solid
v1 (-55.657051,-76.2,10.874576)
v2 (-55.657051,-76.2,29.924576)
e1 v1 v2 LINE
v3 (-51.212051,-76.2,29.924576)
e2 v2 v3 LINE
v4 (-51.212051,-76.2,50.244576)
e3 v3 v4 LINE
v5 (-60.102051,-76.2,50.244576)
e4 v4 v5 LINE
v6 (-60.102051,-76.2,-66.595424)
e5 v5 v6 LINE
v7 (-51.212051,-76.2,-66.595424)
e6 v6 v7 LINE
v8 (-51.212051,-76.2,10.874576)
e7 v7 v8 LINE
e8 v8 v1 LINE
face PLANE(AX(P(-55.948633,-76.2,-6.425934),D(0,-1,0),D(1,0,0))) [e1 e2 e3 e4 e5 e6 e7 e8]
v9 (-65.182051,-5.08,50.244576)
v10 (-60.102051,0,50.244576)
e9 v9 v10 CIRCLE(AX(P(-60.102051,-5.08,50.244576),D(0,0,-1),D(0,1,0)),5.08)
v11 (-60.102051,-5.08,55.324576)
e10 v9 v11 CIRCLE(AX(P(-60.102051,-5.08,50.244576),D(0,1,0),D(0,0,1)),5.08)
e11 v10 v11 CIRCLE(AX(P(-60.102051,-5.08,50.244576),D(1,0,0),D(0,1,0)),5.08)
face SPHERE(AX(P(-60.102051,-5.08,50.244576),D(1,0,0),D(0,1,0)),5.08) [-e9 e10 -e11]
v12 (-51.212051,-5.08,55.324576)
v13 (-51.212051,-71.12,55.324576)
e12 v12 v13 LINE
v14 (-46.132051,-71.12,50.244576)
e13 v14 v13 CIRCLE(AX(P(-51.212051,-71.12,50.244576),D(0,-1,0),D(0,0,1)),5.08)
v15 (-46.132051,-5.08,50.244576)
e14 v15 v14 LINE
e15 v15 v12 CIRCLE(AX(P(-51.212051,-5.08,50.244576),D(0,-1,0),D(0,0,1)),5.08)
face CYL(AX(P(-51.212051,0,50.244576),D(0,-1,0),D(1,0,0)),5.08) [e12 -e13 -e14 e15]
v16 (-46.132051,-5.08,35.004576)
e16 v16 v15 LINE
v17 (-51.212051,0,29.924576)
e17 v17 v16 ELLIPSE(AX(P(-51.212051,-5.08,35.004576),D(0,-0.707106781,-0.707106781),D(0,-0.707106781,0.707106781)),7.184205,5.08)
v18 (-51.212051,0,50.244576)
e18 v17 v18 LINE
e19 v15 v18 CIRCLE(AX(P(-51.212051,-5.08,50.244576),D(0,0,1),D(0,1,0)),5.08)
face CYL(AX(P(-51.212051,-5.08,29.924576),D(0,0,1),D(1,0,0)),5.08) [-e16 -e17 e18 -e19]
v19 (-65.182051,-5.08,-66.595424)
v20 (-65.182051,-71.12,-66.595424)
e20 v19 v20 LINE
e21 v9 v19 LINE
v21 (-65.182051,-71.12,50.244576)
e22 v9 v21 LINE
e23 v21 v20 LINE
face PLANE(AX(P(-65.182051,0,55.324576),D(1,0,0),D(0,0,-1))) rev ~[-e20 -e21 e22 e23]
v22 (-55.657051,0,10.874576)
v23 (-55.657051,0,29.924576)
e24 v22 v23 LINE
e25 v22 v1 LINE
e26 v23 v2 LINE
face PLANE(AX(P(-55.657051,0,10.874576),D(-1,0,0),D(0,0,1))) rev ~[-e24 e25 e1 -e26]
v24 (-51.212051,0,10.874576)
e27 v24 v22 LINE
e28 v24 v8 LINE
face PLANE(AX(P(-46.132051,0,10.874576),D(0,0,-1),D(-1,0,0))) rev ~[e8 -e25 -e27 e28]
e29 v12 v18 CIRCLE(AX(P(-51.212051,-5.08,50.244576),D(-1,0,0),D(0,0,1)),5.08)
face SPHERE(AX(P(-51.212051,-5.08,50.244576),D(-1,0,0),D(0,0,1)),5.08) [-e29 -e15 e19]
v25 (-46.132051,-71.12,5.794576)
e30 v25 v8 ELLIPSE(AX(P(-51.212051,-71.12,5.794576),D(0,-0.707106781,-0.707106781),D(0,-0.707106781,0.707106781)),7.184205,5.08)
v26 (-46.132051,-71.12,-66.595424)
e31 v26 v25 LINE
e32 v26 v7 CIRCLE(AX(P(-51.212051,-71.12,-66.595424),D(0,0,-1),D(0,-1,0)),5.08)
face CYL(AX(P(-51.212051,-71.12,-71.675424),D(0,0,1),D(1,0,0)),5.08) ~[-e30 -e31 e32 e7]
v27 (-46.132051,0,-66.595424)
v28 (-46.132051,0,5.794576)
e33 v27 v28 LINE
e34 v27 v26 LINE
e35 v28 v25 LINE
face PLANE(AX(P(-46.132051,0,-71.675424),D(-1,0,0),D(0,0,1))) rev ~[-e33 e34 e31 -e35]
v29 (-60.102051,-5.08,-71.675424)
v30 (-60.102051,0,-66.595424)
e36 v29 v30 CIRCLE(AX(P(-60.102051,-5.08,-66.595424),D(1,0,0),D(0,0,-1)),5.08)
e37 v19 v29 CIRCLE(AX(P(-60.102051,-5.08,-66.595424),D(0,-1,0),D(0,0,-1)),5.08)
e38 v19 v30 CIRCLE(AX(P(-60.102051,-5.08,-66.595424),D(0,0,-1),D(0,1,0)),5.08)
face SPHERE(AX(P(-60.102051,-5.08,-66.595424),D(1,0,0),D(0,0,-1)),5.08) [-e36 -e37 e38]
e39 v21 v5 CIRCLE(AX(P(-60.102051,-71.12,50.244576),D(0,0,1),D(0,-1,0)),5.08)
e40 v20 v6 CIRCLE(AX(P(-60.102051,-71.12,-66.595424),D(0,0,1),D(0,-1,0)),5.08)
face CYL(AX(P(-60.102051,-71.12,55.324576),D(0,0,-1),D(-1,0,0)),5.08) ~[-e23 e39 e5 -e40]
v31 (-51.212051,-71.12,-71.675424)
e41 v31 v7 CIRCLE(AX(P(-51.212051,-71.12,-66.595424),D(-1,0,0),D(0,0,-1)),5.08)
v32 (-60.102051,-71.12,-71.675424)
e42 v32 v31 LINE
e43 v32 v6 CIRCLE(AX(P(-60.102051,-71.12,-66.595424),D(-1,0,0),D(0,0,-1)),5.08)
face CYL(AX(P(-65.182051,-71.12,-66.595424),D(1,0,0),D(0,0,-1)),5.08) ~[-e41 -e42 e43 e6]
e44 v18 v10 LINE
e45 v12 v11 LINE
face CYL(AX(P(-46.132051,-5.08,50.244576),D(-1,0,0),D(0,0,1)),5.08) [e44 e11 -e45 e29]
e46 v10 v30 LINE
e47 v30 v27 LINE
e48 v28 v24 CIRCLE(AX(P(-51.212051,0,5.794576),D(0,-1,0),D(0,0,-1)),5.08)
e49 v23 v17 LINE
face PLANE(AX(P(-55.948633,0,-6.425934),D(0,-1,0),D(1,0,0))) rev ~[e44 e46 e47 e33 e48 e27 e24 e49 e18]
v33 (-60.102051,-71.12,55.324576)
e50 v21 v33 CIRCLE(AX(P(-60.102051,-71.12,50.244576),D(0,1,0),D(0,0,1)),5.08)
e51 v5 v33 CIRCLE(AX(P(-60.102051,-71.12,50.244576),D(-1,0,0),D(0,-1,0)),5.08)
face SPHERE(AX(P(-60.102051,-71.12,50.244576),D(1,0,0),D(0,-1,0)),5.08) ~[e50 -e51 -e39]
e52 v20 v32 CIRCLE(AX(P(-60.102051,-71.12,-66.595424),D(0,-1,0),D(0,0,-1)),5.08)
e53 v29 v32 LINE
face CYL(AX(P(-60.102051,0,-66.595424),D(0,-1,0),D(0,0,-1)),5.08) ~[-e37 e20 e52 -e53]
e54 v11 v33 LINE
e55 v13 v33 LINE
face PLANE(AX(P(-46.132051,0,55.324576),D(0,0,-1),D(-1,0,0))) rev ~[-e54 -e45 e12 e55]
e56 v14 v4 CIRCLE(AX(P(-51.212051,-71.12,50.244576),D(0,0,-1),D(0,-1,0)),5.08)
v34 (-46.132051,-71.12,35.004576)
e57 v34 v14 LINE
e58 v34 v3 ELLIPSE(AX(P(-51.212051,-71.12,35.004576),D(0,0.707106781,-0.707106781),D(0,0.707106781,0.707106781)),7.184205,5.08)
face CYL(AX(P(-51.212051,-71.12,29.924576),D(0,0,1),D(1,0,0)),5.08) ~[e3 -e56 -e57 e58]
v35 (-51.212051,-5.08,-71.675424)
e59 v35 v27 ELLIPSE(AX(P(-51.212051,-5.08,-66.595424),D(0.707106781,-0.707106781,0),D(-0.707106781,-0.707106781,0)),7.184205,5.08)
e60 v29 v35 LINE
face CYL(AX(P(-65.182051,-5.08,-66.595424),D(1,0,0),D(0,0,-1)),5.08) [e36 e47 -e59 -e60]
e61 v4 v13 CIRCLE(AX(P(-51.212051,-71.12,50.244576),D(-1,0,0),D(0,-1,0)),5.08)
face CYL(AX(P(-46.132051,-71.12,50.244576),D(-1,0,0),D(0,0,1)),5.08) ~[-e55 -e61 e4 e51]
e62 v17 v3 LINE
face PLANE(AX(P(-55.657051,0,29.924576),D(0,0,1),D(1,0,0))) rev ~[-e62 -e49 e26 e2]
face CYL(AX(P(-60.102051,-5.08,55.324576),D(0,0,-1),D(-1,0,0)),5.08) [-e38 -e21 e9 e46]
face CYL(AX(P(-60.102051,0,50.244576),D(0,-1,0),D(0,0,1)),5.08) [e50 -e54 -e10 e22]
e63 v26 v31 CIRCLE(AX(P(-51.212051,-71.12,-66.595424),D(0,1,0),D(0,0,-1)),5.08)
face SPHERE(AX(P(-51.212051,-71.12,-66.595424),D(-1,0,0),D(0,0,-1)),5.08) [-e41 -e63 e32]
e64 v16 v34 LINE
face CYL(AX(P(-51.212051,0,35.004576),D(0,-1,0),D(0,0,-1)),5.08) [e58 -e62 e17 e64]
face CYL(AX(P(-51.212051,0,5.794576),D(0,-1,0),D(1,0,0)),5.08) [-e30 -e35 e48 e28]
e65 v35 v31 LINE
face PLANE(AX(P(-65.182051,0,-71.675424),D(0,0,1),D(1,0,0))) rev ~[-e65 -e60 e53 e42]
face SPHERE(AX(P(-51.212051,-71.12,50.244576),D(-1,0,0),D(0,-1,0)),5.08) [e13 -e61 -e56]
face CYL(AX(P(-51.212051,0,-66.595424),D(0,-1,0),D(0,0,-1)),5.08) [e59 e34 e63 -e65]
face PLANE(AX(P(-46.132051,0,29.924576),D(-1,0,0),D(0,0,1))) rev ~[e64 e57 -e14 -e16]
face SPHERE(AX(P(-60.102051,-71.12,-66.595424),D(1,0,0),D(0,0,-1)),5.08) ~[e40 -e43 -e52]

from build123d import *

# Parameters (mm, degrees)
F1_DEPTH = 76.2
F2_R     = 5.08


with BuildPart() as f1:
    # F0 (on Front) → F1 (new body)
    with BuildSketch(Plane.XZ):
        Polygon((-65.182051, -71.675424), (-46.132051, -71.675424), (-46.132051, 10.874576), (-55.657051, 10.874576), (-55.657051, 29.924576), (-46.132051, 29.924576), (-46.132051, 55.324576), (-65.182051, 55.324576), align=None)
    extrude(amount=F1_DEPTH)

    # F2
    f2_edges = [f1.edges().sort_by_distance(p)[0] for p in [
        (-55.657051, -76.2, 55.324576),
        (-55.657051, 0, 55.324576),
        (-55.657051, -76.2, -71.675424),
        (-46.132051, -38.1, -71.675424),
        (-55.657051, 0, -71.675424),
        (-65.182051, -38.1, -71.675424),
        (-46.132051, -76.2, -30.400424),
        (-65.182051, -76.2, -8.175424),
        (-46.132051, -76.2, 42.624576),
        (-46.132051, -38.1, 29.924576),
        (-46.132051, -38.1, 10.874576),
        (-46.132051, -38.1, 55.324576),
        (-46.132051, 0, 42.624576),
        (-65.182051, 0, -8.175424),
        (-65.182051, -38.1, 55.324576),
    ]]
    fillet(f2_edges, radius=F2_R)


solid = f1.part
